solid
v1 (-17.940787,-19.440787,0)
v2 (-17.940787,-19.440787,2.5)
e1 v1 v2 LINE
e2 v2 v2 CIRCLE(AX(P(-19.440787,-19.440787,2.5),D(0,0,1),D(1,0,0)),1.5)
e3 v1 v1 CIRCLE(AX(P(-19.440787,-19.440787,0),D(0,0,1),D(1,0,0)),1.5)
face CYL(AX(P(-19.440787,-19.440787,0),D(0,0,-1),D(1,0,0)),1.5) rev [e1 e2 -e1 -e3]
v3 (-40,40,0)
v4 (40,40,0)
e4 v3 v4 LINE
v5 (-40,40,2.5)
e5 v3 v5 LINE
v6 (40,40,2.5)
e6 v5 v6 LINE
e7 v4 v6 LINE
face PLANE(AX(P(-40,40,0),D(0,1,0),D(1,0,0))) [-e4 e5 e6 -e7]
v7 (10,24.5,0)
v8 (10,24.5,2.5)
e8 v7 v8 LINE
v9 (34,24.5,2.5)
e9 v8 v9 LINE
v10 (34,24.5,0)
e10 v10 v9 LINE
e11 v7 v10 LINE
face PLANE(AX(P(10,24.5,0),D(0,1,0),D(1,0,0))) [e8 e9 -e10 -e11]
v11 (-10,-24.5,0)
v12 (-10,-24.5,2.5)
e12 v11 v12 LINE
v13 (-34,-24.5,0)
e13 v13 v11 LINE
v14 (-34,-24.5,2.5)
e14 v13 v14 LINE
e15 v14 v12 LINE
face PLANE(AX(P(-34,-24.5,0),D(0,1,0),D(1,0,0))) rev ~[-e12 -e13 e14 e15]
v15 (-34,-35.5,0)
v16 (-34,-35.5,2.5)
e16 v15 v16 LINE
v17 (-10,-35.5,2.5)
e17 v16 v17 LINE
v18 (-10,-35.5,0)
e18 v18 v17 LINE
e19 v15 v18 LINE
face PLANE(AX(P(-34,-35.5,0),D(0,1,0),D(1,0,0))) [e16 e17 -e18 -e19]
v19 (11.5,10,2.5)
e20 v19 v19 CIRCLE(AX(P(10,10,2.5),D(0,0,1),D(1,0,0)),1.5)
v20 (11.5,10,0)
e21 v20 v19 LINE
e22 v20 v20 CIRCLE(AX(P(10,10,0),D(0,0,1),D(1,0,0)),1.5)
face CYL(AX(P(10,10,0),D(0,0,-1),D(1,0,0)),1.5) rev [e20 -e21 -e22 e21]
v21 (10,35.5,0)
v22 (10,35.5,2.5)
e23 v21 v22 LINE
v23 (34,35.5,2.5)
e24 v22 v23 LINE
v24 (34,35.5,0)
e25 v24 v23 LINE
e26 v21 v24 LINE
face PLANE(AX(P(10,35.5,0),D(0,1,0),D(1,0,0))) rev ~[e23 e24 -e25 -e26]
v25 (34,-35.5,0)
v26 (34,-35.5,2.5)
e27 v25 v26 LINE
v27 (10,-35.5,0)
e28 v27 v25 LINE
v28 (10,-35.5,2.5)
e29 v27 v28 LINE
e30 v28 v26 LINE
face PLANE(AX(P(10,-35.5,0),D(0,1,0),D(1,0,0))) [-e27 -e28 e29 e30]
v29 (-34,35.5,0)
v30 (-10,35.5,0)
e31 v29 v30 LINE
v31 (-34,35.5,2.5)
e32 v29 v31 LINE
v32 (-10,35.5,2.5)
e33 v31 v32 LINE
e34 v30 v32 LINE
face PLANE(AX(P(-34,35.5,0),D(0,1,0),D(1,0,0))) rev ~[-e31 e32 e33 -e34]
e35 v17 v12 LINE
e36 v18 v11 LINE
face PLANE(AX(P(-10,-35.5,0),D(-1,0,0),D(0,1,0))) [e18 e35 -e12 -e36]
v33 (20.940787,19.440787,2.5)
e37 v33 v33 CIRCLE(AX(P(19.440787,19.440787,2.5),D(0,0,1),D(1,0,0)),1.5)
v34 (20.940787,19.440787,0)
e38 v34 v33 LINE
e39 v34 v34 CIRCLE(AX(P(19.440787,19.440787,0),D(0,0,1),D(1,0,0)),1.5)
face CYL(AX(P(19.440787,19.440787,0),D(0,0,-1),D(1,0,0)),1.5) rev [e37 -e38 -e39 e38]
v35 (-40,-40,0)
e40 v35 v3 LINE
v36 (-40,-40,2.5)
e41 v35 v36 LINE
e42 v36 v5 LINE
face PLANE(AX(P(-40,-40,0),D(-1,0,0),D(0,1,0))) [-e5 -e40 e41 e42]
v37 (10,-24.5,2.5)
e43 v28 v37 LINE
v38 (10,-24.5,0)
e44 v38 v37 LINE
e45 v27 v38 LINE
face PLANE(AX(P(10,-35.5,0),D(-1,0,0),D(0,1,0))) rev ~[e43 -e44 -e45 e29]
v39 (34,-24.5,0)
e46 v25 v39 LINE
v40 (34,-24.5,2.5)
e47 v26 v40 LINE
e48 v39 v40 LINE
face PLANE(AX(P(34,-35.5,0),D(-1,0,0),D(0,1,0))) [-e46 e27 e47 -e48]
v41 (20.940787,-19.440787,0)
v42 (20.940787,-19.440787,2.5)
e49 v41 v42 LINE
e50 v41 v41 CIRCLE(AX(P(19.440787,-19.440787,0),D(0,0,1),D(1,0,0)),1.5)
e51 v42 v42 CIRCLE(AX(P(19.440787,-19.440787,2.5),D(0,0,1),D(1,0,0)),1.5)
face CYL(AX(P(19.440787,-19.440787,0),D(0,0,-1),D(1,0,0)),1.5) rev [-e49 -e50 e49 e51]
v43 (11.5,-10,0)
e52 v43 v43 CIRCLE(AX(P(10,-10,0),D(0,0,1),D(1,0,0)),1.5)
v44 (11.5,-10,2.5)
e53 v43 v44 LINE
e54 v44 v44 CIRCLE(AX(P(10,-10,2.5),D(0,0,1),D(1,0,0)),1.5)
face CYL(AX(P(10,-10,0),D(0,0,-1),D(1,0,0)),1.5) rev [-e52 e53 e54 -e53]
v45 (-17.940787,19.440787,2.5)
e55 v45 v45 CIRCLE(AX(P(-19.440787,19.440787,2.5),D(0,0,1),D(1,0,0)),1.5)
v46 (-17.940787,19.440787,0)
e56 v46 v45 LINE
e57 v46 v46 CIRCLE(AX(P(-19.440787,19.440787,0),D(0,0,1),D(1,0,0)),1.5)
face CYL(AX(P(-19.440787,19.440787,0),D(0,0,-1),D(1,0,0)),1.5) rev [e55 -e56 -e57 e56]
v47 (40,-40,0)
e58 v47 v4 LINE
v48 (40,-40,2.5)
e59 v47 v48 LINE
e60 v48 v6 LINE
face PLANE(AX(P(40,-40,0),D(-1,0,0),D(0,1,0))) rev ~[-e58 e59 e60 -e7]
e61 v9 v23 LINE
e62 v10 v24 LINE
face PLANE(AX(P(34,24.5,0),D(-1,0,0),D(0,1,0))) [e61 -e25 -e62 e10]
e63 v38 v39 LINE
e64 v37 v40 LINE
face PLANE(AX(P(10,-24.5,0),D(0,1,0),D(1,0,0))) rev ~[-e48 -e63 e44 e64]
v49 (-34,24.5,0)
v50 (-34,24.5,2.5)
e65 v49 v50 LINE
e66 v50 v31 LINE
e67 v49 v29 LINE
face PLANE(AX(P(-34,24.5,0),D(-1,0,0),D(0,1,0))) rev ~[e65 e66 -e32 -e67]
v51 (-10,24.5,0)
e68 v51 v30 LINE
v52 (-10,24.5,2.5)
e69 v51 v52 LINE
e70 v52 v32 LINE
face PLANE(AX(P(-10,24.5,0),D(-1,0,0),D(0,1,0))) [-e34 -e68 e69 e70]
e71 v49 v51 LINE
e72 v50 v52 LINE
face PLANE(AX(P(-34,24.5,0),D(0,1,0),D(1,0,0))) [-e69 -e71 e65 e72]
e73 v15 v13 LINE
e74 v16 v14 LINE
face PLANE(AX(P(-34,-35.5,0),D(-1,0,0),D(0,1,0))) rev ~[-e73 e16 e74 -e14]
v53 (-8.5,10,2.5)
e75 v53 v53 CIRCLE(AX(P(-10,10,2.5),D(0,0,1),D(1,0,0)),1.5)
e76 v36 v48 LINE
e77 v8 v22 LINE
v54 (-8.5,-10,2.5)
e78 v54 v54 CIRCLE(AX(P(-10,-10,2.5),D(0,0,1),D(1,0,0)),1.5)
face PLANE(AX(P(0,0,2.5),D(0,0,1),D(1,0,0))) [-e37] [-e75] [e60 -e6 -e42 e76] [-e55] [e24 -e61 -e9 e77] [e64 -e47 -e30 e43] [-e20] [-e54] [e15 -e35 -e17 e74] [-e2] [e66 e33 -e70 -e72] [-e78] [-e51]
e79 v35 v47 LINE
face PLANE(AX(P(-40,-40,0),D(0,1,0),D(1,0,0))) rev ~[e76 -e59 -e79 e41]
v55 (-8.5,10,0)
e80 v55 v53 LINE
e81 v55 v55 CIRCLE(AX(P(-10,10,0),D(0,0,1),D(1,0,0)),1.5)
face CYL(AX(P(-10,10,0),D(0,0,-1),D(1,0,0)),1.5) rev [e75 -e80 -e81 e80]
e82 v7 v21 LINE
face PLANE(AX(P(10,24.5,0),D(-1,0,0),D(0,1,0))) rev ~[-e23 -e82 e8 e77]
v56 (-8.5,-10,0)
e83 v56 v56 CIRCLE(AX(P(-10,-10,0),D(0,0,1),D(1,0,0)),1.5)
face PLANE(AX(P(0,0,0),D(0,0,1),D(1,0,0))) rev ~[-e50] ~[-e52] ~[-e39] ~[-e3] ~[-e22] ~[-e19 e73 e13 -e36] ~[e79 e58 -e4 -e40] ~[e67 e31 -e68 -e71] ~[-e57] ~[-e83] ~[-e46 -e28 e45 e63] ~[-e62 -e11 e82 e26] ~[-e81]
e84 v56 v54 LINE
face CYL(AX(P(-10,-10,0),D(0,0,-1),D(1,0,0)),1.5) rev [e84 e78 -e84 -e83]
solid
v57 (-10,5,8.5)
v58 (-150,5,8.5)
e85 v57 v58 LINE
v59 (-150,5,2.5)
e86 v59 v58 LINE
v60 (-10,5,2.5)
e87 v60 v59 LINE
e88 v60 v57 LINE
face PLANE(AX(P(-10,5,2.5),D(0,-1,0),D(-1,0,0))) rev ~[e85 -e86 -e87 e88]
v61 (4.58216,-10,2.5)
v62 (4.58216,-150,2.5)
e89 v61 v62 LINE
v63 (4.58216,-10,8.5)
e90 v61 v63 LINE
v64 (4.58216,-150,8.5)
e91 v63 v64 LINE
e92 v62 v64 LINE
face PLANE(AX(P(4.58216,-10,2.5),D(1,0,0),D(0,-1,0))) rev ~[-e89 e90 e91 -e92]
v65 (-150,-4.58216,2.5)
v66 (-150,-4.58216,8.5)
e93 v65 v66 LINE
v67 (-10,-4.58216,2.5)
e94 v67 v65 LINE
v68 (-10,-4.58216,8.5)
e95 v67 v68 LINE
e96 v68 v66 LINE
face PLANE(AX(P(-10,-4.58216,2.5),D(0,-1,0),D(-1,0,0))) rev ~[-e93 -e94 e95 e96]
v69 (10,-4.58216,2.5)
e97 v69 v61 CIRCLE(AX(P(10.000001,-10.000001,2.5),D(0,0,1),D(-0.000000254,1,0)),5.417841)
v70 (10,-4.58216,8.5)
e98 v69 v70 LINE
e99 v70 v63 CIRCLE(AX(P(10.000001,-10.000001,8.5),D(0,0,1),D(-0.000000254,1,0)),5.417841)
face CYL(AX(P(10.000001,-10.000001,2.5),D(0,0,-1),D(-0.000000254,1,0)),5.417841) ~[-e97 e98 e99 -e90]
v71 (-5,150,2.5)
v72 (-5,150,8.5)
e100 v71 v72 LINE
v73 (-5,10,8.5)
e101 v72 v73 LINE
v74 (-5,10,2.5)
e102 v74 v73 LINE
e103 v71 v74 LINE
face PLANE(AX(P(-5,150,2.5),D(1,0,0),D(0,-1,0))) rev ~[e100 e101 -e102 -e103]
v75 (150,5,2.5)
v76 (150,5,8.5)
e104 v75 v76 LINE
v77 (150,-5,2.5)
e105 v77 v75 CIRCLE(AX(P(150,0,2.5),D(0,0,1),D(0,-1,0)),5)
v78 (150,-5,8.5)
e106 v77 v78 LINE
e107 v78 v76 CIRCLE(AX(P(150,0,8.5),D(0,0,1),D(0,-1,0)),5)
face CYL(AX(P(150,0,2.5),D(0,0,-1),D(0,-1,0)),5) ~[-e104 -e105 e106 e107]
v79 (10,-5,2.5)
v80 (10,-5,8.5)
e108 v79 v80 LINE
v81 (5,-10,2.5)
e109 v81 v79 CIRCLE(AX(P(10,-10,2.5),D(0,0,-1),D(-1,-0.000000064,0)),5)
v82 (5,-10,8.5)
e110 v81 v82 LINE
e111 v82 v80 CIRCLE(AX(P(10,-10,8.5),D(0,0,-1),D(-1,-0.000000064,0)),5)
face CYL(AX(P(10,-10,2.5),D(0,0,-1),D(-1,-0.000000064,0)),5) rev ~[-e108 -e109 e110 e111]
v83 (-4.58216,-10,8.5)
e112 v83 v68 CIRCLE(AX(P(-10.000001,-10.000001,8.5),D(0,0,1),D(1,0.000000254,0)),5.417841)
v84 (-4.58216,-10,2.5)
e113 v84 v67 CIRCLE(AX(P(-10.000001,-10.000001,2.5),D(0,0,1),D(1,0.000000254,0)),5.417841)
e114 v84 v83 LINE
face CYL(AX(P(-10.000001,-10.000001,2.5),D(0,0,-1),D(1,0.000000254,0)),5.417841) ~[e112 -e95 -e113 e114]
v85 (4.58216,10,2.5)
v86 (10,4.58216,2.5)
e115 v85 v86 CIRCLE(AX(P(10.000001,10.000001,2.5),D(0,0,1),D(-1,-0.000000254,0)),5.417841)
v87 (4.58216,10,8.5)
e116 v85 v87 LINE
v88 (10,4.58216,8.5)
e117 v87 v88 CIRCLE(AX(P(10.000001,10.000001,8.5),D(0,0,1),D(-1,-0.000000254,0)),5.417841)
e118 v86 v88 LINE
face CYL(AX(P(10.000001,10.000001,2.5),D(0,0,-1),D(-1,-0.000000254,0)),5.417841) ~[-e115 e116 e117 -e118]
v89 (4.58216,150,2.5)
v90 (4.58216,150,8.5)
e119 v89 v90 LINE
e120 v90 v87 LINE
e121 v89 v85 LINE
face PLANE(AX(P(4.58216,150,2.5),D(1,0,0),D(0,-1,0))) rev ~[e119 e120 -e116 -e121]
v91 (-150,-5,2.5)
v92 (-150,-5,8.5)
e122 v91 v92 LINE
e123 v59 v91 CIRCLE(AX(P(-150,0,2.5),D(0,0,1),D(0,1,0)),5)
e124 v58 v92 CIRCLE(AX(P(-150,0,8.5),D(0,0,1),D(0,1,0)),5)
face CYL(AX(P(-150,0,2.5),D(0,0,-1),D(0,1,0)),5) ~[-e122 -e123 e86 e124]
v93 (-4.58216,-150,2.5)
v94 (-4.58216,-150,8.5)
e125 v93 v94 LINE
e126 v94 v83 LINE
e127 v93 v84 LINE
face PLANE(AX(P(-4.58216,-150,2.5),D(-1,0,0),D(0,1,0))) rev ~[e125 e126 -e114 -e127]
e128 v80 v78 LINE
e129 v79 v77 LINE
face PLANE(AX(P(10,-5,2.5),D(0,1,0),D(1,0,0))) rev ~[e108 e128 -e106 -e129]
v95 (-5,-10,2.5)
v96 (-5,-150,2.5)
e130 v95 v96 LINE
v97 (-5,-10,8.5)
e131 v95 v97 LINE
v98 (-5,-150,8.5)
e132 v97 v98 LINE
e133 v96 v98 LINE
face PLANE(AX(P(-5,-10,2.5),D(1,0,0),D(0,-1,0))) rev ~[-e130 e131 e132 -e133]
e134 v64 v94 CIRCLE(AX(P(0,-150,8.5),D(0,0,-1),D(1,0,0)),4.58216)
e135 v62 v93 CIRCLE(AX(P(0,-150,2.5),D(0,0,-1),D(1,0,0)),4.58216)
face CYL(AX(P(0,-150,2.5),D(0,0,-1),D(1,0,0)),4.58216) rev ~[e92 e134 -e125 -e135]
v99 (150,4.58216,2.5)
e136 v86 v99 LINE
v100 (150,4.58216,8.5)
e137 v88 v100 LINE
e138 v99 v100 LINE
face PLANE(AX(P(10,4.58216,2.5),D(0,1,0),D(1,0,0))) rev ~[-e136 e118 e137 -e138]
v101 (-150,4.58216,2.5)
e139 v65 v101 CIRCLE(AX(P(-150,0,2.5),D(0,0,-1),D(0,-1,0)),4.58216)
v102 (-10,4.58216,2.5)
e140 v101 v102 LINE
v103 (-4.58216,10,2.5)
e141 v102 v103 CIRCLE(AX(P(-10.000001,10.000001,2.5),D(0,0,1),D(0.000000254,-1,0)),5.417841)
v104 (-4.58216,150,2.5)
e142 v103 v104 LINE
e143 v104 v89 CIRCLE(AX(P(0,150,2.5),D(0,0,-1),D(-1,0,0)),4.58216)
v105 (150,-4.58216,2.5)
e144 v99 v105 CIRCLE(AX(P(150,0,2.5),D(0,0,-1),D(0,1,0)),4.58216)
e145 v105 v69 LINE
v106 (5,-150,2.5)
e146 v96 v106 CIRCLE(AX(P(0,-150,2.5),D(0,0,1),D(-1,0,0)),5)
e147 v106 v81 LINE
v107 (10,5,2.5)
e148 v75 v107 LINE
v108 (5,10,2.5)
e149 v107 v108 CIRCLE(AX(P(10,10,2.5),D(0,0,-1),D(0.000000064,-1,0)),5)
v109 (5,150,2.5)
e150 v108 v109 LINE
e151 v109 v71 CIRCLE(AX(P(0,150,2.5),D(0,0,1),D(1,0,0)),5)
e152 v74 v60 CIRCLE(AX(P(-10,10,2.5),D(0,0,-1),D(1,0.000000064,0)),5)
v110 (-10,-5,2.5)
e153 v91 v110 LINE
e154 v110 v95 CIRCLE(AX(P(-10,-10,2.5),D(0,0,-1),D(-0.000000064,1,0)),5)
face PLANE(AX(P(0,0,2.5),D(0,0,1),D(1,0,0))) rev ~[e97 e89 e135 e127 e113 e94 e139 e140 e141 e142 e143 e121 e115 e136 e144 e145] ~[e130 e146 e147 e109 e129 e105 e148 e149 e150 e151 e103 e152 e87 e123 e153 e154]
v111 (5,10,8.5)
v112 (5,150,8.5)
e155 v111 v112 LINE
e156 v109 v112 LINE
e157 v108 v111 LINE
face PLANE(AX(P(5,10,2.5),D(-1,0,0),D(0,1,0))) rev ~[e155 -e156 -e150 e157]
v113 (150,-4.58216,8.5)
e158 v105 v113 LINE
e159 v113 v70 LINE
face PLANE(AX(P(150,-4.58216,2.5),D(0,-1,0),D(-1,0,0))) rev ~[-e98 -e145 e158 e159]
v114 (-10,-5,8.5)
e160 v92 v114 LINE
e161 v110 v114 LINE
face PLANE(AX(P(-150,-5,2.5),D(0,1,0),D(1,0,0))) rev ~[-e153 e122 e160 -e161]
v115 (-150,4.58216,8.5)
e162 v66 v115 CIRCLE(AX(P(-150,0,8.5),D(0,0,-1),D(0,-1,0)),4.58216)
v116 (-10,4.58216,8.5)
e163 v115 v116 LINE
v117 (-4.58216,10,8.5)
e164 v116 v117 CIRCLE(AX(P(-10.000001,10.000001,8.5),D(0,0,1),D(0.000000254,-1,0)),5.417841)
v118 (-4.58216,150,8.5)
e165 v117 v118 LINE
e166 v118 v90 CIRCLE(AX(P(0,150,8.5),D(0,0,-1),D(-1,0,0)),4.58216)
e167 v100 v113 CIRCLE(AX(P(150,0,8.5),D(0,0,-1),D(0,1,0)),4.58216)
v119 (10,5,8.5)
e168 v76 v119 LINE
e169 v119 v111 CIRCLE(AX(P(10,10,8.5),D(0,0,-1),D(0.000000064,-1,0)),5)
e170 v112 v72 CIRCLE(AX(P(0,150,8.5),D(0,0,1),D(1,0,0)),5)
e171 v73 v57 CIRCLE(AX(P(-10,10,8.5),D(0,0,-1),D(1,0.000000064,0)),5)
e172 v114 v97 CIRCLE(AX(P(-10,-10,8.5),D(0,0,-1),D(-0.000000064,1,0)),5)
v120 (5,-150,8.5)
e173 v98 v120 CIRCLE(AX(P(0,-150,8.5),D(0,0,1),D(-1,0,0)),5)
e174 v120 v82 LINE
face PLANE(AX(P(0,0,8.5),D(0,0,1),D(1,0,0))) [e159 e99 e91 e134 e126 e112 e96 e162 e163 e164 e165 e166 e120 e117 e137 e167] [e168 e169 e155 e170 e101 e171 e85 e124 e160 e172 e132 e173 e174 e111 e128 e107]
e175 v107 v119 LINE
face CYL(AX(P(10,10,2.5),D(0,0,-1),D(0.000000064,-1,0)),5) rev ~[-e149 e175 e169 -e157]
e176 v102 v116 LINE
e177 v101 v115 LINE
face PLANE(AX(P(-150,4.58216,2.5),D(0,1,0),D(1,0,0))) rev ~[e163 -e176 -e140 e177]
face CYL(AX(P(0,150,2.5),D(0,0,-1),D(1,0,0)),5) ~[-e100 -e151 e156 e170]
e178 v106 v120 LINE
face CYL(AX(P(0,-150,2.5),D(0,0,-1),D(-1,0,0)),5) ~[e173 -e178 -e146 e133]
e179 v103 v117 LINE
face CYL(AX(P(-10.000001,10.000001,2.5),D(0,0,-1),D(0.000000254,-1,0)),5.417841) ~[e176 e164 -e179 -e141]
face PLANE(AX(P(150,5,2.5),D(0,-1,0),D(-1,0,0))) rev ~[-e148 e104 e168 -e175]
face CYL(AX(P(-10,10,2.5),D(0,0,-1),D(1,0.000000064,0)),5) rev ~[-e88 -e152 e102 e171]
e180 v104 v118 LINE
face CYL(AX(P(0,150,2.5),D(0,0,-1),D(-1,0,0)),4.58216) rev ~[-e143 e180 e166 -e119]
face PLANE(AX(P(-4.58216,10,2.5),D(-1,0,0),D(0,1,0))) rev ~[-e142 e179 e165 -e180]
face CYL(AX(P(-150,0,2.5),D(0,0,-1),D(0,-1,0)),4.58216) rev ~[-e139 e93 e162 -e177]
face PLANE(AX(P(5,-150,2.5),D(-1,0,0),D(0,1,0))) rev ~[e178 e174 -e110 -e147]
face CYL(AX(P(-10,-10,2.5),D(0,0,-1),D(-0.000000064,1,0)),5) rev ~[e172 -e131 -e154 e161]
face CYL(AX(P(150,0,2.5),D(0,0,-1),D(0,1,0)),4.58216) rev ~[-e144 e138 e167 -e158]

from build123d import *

# Parameters (mm, degrees)
F0_W     = 80
F0_H     = 80
F0_W_2   = 24
F0_H_2   = 11
F0_R     = 1.5
F1_DEPTH = 2.5
F3_DEPTH = 6


with BuildPart() as f1:
    # F0 (on Top) → F1 (new body)
    with BuildSketch(Plane.XY):
        Rectangle(F0_W, F0_H)
        with Locations((-22, -30)):
            Rectangle(F0_W_2, F0_H_2, mode=Mode.SUBTRACT)
        with Locations((-19.440787, -19.440787)):
            Circle(F0_R, mode=Mode.SUBTRACT)
        with Locations((-10, -10)):
            Circle(F0_R, mode=Mode.SUBTRACT)
        with Locations((22, -30)):
            Rectangle(F0_W_2, F0_H_2, mode=Mode.SUBTRACT)
        with Locations((19.440787, -19.440787)):
            Circle(F0_R, mode=Mode.SUBTRACT)
        with Locations((10, -10)):
            Circle(F0_R, mode=Mode.SUBTRACT)
        with Locations((-19.440787, 19.440787)):
            Circle(F0_R, mode=Mode.SUBTRACT)
        with Locations((-10, 10)):
            Circle(F0_R, mode=Mode.SUBTRACT)
        with Locations((-22, 30)):
            Rectangle(F0_W_2, F0_H_2, mode=Mode.SUBTRACT)
        with Locations((10, 10)):
            Circle(F0_R, mode=Mode.SUBTRACT)
        with Locations((19.440787, 19.440787)):
            Circle(F0_R, mode=Mode.SUBTRACT)
        with Locations((22, 30)):
            Rectangle(F0_W_2, F0_H_2, mode=Mode.SUBTRACT)
    extrude(amount=F1_DEPTH)


with BuildPart() as f3:
    # F2 (on face) → F3 (new body)
    with BuildSketch(Plane.XY.offset(2.5)):
        with BuildLine():
            Line((-10, 5), (-150, 5))
            ThreePointArc((-150, 5), (-155, 0), (-150, -5))
            Line((-150, -5), (-10, -5))
            ThreePointArc((-10, -5), (-6.464466, -6.464466), (-5, -10))
            Line((-5, -10), (-5, -150))
            ThreePointArc((-5, -150), (0, -155), (5, -150))
            Line((5, -150), (5, -10))
            ThreePointArc((5, -10), (6.464466, -6.464466), (10, -5))
            Line((10, -5), (150, -5))
            ThreePointArc((150, -5), (155, 0), (150, 5))
            Line((150, 5), (10, 5))
            ThreePointArc((10, 5), (6.464466, 6.464466), (5, 10))
            Line((5, 10), (5, 150))
            ThreePointArc((5, 150), (0, 155), (-5, 150))
            Line((-5, 150), (-5, 10))
            ThreePointArc((-5, 10), (-6.464466, 6.464466), (-10, 5))
        make_face()
        with BuildLine():
            ThreePointArc((-150, -4.58216), (-154.58216, 0), (-150, 4.58216))
            Line((-150, 4.58216), (-10, 4.58216))
            ThreePointArc((-10, 4.58216), (-6.169009, 6.169009), (-4.58216, 10))
            Line((-4.58216, 10), (-4.58216, 150))
            ThreePointArc((-4.58216, 150), (0, 154.58216), (4.58216, 150))
            Line((4.58216, 150), (4.58216, 10))
            ThreePointArc((4.58216, 10), (6.169009, 6.169009), (10, 4.58216))
            Line((10, 4.58216), (150, 4.58216))
            ThreePointArc((150, 4.58216), (154.58216, 0), (150, -4.58216))
            Line((150, -4.58216), (10, -4.58216))
            ThreePointArc((10, -4.58216), (6.169009, -6.169009), (4.58216, -10))
            Line((4.58216, -10), (4.58216, -150))
            ThreePointArc((4.58216, -150), (0, -154.58216), (-4.58216, -150))
            Line((-4.58216, -150), (-4.58216, -10))
            ThreePointArc((-4.58216, -10), (-6.169009, -6.169009), (-10, -4.58216))
            Line((-10, -4.58216), (-150, -4.58216))
        make_face(mode=Mode.SUBTRACT)
    extrude(amount=F3_DEPTH)


solid = Compound([f1.part, f3.part])
